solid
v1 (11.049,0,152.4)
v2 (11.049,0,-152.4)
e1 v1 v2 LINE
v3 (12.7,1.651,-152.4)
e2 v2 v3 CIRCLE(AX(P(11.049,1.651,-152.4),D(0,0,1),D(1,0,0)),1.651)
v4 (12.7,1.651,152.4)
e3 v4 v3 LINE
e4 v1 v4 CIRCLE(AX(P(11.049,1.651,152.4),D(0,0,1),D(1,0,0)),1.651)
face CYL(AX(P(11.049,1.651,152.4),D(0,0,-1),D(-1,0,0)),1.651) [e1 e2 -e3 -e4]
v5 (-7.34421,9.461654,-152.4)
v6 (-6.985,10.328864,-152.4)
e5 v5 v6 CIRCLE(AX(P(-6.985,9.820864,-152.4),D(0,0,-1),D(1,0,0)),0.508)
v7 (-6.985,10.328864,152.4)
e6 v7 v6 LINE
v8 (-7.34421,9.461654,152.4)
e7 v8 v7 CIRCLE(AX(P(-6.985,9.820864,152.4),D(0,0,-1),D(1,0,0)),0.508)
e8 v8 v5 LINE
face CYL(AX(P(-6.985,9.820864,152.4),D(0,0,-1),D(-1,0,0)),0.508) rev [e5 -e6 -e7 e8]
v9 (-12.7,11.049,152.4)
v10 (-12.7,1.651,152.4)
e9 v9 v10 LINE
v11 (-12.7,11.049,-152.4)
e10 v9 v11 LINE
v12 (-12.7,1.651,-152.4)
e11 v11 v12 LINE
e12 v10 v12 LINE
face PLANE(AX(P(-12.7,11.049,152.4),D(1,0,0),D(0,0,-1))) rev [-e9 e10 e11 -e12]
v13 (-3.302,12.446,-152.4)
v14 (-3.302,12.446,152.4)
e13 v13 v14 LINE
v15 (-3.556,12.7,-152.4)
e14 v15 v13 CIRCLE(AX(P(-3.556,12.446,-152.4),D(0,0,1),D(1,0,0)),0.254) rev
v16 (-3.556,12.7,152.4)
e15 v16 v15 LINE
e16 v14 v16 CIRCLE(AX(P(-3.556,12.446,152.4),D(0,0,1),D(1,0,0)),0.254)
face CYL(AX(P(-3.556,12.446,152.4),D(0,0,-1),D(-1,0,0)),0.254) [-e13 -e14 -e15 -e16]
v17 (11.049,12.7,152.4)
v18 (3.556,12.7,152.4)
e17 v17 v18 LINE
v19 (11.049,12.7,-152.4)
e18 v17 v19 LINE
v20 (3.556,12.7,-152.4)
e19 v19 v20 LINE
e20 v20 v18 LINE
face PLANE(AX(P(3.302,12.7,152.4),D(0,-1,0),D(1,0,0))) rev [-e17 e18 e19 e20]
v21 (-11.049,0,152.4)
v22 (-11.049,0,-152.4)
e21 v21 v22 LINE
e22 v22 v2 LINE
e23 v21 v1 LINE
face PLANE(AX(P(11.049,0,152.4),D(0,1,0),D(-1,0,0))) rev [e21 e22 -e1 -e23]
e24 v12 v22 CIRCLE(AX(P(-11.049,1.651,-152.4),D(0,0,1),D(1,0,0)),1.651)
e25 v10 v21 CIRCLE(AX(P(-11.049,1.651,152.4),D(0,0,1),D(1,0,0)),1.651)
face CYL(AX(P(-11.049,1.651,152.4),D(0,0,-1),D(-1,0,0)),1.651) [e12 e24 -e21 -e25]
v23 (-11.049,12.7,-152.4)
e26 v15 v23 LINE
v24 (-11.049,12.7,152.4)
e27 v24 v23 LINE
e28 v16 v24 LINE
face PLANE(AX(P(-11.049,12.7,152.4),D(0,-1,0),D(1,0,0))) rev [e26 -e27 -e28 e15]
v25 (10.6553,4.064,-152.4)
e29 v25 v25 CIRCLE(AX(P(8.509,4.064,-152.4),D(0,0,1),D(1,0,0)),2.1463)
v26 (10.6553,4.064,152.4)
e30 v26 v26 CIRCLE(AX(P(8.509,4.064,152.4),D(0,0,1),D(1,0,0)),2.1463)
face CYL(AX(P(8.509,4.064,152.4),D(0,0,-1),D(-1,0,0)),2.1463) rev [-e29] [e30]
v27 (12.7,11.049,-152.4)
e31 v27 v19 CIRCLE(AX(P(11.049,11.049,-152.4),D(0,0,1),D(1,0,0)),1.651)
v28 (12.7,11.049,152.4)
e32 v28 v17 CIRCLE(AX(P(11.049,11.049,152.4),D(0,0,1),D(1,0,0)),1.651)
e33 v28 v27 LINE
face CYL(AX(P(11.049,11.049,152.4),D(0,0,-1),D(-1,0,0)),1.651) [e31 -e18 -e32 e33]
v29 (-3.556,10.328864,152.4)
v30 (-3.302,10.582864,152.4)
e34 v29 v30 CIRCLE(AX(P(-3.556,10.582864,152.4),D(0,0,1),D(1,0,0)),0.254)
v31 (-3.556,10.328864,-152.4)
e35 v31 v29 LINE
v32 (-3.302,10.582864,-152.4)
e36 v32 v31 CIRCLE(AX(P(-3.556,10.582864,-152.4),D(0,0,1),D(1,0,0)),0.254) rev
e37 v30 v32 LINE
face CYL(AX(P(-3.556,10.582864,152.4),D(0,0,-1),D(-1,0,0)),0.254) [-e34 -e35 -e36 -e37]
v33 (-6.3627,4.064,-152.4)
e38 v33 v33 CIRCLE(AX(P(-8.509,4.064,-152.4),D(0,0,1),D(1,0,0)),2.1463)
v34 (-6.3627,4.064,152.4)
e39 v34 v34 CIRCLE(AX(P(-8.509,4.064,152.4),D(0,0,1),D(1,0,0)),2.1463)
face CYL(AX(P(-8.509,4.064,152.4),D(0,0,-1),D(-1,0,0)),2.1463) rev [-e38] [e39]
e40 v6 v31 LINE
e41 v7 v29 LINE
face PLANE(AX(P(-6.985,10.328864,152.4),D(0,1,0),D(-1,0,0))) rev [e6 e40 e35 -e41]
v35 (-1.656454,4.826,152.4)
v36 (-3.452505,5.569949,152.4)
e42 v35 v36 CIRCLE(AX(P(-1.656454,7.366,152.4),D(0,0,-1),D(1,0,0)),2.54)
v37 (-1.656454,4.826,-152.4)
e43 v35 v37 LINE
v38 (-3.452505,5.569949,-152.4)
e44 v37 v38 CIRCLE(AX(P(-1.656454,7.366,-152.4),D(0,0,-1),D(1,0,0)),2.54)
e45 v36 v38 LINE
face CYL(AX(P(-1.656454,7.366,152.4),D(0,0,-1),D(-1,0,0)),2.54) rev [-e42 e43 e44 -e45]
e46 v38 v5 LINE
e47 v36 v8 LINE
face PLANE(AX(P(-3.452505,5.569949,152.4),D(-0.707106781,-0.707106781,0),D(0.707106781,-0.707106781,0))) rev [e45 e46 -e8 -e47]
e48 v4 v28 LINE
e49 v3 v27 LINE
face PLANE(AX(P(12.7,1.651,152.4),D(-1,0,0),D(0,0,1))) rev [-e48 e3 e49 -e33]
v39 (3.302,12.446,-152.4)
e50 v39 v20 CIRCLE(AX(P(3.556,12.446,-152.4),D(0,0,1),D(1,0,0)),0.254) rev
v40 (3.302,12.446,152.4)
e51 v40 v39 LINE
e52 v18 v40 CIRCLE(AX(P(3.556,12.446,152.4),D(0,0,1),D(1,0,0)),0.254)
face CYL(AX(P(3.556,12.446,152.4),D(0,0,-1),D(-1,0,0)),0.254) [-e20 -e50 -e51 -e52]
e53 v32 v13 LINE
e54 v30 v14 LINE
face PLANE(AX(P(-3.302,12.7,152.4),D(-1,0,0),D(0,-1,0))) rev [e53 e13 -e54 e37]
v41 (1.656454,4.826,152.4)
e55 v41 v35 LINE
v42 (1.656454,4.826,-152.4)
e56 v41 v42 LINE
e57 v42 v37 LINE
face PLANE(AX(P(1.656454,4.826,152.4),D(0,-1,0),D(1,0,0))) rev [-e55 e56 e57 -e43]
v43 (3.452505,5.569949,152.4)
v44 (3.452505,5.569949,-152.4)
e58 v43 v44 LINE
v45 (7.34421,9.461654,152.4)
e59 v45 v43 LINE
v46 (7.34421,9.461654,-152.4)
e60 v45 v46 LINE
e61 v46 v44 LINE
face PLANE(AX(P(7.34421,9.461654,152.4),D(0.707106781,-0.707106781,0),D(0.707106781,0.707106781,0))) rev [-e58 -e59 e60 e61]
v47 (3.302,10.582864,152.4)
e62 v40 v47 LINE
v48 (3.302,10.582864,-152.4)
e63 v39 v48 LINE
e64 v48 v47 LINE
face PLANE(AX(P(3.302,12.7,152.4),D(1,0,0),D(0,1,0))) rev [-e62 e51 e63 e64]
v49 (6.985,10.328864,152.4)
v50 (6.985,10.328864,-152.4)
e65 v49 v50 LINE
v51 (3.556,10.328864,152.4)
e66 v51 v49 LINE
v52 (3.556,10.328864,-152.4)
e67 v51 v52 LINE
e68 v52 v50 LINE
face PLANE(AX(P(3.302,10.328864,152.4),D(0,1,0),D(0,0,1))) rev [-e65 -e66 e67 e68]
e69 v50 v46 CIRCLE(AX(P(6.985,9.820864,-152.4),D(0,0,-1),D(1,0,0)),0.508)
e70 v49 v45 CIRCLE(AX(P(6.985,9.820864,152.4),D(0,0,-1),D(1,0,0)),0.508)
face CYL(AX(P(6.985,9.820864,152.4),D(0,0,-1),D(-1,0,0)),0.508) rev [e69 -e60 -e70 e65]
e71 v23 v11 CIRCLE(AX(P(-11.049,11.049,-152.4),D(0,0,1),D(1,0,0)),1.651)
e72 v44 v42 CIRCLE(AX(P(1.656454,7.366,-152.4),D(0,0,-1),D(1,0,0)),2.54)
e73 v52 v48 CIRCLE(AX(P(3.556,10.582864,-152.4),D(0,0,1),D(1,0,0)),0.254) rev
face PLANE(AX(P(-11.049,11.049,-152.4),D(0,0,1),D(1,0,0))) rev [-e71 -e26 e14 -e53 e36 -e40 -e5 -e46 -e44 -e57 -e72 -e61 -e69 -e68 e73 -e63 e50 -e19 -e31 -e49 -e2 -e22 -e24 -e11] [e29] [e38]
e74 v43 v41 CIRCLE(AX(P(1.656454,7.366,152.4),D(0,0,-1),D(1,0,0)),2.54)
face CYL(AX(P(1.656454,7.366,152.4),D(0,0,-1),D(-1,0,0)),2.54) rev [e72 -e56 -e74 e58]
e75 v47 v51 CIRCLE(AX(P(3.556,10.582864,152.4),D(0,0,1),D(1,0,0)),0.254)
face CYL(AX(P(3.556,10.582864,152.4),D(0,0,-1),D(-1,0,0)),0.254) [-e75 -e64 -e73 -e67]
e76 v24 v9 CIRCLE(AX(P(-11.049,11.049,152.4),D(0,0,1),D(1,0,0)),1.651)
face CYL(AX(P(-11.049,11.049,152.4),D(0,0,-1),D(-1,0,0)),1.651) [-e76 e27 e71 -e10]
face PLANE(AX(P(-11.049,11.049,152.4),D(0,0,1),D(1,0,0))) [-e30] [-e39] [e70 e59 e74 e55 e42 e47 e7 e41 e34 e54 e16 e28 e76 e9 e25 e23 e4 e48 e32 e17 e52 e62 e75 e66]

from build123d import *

# Parameters (mm, degrees)
SKETCH3_R           = 2.1463
BOSS_EXTRUDE1_DEPTH = 152.4
FILLET1_R           = 0.254


with BuildPart() as part:
    # Sketch3 → Boss-Extrude1 (new body, symmetric)
    with BuildSketch(Plane.XY):
        with BuildLine():
            Line((-11.049, 12.7), (-3.302, 12.7))
            Line((-3.302, 12.7), (-3.302, 10.328863887))
            Line((-3.302, 10.328863887), (-6.985, 10.328863887))
            ThreePointArc((-6.985, 10.328863887), (-7.454330803, 10.01526707), (-7.344210245, 9.461653642))
            Line((-7.344210245, 9.461653642), (-3.452505379, 5.569948776))
            ThreePointArc((-3.452505379, 5.569948776), (-2.628470073, 5.019345987), (-1.656454155, 4.826))
            Line((-1.656454155, 4.826), (1.656454155, 4.826))
            ThreePointArc((1.656454155, 4.826), (2.628470073, 5.019345987), (3.452505379, 5.569948776))
            Line((3.452505379, 5.569948776), (7.344210245, 9.461653642))
            ThreePointArc((7.344210245, 9.461653642), (7.454330803, 10.01526707), (6.985, 10.328863887))
            Line((6.985, 10.328863887), (3.302, 10.328863887))
            Line((3.302, 10.328863887), (3.302, 12.7))
            Line((3.302, 12.7), (11.049, 12.7))
            ThreePointArc((11.049, 12.7), (12.216433296, 12.216433296), (12.7, 11.049))
            Line((12.7, 11.049), (12.7, 1.651))
            ThreePointArc((12.7, 1.651), (12.216433296, 0.483566704), (11.049, 0))
            Line((11.049, 0), (-11.049, 0))
            ThreePointArc((-11.049, 0), (-12.216433296, 0.483566704), (-12.7, 1.651))
            Line((-12.7, 1.651), (-12.7, 11.049))
            ThreePointArc((-12.7, 11.049), (-12.216433296, 12.216433296), (-11.049, 12.7))
        make_face()
        with Locations((8.509, 4.064)):
            Circle(SKETCH3_R, mode=Mode.SUBTRACT)
        with Locations((-8.509, 4.064)):
            Circle(SKETCH3_R, mode=Mode.SUBTRACT)
    extrude(amount=BOSS_EXTRUDE1_DEPTH, both=True)

    # Fillet1
    fillet1_edges = [part.edges().sort_by_distance(p)[0] for p in [
        (-3.302, 12.7, 0),
        (-3.302, 10.328863887, 0),
        (3.302, 10.328863887, 0),
        (3.302, 12.7, 0),
    ]]
    fillet(fillet1_edges, radius=FILLET1_R)


solid = part.part
